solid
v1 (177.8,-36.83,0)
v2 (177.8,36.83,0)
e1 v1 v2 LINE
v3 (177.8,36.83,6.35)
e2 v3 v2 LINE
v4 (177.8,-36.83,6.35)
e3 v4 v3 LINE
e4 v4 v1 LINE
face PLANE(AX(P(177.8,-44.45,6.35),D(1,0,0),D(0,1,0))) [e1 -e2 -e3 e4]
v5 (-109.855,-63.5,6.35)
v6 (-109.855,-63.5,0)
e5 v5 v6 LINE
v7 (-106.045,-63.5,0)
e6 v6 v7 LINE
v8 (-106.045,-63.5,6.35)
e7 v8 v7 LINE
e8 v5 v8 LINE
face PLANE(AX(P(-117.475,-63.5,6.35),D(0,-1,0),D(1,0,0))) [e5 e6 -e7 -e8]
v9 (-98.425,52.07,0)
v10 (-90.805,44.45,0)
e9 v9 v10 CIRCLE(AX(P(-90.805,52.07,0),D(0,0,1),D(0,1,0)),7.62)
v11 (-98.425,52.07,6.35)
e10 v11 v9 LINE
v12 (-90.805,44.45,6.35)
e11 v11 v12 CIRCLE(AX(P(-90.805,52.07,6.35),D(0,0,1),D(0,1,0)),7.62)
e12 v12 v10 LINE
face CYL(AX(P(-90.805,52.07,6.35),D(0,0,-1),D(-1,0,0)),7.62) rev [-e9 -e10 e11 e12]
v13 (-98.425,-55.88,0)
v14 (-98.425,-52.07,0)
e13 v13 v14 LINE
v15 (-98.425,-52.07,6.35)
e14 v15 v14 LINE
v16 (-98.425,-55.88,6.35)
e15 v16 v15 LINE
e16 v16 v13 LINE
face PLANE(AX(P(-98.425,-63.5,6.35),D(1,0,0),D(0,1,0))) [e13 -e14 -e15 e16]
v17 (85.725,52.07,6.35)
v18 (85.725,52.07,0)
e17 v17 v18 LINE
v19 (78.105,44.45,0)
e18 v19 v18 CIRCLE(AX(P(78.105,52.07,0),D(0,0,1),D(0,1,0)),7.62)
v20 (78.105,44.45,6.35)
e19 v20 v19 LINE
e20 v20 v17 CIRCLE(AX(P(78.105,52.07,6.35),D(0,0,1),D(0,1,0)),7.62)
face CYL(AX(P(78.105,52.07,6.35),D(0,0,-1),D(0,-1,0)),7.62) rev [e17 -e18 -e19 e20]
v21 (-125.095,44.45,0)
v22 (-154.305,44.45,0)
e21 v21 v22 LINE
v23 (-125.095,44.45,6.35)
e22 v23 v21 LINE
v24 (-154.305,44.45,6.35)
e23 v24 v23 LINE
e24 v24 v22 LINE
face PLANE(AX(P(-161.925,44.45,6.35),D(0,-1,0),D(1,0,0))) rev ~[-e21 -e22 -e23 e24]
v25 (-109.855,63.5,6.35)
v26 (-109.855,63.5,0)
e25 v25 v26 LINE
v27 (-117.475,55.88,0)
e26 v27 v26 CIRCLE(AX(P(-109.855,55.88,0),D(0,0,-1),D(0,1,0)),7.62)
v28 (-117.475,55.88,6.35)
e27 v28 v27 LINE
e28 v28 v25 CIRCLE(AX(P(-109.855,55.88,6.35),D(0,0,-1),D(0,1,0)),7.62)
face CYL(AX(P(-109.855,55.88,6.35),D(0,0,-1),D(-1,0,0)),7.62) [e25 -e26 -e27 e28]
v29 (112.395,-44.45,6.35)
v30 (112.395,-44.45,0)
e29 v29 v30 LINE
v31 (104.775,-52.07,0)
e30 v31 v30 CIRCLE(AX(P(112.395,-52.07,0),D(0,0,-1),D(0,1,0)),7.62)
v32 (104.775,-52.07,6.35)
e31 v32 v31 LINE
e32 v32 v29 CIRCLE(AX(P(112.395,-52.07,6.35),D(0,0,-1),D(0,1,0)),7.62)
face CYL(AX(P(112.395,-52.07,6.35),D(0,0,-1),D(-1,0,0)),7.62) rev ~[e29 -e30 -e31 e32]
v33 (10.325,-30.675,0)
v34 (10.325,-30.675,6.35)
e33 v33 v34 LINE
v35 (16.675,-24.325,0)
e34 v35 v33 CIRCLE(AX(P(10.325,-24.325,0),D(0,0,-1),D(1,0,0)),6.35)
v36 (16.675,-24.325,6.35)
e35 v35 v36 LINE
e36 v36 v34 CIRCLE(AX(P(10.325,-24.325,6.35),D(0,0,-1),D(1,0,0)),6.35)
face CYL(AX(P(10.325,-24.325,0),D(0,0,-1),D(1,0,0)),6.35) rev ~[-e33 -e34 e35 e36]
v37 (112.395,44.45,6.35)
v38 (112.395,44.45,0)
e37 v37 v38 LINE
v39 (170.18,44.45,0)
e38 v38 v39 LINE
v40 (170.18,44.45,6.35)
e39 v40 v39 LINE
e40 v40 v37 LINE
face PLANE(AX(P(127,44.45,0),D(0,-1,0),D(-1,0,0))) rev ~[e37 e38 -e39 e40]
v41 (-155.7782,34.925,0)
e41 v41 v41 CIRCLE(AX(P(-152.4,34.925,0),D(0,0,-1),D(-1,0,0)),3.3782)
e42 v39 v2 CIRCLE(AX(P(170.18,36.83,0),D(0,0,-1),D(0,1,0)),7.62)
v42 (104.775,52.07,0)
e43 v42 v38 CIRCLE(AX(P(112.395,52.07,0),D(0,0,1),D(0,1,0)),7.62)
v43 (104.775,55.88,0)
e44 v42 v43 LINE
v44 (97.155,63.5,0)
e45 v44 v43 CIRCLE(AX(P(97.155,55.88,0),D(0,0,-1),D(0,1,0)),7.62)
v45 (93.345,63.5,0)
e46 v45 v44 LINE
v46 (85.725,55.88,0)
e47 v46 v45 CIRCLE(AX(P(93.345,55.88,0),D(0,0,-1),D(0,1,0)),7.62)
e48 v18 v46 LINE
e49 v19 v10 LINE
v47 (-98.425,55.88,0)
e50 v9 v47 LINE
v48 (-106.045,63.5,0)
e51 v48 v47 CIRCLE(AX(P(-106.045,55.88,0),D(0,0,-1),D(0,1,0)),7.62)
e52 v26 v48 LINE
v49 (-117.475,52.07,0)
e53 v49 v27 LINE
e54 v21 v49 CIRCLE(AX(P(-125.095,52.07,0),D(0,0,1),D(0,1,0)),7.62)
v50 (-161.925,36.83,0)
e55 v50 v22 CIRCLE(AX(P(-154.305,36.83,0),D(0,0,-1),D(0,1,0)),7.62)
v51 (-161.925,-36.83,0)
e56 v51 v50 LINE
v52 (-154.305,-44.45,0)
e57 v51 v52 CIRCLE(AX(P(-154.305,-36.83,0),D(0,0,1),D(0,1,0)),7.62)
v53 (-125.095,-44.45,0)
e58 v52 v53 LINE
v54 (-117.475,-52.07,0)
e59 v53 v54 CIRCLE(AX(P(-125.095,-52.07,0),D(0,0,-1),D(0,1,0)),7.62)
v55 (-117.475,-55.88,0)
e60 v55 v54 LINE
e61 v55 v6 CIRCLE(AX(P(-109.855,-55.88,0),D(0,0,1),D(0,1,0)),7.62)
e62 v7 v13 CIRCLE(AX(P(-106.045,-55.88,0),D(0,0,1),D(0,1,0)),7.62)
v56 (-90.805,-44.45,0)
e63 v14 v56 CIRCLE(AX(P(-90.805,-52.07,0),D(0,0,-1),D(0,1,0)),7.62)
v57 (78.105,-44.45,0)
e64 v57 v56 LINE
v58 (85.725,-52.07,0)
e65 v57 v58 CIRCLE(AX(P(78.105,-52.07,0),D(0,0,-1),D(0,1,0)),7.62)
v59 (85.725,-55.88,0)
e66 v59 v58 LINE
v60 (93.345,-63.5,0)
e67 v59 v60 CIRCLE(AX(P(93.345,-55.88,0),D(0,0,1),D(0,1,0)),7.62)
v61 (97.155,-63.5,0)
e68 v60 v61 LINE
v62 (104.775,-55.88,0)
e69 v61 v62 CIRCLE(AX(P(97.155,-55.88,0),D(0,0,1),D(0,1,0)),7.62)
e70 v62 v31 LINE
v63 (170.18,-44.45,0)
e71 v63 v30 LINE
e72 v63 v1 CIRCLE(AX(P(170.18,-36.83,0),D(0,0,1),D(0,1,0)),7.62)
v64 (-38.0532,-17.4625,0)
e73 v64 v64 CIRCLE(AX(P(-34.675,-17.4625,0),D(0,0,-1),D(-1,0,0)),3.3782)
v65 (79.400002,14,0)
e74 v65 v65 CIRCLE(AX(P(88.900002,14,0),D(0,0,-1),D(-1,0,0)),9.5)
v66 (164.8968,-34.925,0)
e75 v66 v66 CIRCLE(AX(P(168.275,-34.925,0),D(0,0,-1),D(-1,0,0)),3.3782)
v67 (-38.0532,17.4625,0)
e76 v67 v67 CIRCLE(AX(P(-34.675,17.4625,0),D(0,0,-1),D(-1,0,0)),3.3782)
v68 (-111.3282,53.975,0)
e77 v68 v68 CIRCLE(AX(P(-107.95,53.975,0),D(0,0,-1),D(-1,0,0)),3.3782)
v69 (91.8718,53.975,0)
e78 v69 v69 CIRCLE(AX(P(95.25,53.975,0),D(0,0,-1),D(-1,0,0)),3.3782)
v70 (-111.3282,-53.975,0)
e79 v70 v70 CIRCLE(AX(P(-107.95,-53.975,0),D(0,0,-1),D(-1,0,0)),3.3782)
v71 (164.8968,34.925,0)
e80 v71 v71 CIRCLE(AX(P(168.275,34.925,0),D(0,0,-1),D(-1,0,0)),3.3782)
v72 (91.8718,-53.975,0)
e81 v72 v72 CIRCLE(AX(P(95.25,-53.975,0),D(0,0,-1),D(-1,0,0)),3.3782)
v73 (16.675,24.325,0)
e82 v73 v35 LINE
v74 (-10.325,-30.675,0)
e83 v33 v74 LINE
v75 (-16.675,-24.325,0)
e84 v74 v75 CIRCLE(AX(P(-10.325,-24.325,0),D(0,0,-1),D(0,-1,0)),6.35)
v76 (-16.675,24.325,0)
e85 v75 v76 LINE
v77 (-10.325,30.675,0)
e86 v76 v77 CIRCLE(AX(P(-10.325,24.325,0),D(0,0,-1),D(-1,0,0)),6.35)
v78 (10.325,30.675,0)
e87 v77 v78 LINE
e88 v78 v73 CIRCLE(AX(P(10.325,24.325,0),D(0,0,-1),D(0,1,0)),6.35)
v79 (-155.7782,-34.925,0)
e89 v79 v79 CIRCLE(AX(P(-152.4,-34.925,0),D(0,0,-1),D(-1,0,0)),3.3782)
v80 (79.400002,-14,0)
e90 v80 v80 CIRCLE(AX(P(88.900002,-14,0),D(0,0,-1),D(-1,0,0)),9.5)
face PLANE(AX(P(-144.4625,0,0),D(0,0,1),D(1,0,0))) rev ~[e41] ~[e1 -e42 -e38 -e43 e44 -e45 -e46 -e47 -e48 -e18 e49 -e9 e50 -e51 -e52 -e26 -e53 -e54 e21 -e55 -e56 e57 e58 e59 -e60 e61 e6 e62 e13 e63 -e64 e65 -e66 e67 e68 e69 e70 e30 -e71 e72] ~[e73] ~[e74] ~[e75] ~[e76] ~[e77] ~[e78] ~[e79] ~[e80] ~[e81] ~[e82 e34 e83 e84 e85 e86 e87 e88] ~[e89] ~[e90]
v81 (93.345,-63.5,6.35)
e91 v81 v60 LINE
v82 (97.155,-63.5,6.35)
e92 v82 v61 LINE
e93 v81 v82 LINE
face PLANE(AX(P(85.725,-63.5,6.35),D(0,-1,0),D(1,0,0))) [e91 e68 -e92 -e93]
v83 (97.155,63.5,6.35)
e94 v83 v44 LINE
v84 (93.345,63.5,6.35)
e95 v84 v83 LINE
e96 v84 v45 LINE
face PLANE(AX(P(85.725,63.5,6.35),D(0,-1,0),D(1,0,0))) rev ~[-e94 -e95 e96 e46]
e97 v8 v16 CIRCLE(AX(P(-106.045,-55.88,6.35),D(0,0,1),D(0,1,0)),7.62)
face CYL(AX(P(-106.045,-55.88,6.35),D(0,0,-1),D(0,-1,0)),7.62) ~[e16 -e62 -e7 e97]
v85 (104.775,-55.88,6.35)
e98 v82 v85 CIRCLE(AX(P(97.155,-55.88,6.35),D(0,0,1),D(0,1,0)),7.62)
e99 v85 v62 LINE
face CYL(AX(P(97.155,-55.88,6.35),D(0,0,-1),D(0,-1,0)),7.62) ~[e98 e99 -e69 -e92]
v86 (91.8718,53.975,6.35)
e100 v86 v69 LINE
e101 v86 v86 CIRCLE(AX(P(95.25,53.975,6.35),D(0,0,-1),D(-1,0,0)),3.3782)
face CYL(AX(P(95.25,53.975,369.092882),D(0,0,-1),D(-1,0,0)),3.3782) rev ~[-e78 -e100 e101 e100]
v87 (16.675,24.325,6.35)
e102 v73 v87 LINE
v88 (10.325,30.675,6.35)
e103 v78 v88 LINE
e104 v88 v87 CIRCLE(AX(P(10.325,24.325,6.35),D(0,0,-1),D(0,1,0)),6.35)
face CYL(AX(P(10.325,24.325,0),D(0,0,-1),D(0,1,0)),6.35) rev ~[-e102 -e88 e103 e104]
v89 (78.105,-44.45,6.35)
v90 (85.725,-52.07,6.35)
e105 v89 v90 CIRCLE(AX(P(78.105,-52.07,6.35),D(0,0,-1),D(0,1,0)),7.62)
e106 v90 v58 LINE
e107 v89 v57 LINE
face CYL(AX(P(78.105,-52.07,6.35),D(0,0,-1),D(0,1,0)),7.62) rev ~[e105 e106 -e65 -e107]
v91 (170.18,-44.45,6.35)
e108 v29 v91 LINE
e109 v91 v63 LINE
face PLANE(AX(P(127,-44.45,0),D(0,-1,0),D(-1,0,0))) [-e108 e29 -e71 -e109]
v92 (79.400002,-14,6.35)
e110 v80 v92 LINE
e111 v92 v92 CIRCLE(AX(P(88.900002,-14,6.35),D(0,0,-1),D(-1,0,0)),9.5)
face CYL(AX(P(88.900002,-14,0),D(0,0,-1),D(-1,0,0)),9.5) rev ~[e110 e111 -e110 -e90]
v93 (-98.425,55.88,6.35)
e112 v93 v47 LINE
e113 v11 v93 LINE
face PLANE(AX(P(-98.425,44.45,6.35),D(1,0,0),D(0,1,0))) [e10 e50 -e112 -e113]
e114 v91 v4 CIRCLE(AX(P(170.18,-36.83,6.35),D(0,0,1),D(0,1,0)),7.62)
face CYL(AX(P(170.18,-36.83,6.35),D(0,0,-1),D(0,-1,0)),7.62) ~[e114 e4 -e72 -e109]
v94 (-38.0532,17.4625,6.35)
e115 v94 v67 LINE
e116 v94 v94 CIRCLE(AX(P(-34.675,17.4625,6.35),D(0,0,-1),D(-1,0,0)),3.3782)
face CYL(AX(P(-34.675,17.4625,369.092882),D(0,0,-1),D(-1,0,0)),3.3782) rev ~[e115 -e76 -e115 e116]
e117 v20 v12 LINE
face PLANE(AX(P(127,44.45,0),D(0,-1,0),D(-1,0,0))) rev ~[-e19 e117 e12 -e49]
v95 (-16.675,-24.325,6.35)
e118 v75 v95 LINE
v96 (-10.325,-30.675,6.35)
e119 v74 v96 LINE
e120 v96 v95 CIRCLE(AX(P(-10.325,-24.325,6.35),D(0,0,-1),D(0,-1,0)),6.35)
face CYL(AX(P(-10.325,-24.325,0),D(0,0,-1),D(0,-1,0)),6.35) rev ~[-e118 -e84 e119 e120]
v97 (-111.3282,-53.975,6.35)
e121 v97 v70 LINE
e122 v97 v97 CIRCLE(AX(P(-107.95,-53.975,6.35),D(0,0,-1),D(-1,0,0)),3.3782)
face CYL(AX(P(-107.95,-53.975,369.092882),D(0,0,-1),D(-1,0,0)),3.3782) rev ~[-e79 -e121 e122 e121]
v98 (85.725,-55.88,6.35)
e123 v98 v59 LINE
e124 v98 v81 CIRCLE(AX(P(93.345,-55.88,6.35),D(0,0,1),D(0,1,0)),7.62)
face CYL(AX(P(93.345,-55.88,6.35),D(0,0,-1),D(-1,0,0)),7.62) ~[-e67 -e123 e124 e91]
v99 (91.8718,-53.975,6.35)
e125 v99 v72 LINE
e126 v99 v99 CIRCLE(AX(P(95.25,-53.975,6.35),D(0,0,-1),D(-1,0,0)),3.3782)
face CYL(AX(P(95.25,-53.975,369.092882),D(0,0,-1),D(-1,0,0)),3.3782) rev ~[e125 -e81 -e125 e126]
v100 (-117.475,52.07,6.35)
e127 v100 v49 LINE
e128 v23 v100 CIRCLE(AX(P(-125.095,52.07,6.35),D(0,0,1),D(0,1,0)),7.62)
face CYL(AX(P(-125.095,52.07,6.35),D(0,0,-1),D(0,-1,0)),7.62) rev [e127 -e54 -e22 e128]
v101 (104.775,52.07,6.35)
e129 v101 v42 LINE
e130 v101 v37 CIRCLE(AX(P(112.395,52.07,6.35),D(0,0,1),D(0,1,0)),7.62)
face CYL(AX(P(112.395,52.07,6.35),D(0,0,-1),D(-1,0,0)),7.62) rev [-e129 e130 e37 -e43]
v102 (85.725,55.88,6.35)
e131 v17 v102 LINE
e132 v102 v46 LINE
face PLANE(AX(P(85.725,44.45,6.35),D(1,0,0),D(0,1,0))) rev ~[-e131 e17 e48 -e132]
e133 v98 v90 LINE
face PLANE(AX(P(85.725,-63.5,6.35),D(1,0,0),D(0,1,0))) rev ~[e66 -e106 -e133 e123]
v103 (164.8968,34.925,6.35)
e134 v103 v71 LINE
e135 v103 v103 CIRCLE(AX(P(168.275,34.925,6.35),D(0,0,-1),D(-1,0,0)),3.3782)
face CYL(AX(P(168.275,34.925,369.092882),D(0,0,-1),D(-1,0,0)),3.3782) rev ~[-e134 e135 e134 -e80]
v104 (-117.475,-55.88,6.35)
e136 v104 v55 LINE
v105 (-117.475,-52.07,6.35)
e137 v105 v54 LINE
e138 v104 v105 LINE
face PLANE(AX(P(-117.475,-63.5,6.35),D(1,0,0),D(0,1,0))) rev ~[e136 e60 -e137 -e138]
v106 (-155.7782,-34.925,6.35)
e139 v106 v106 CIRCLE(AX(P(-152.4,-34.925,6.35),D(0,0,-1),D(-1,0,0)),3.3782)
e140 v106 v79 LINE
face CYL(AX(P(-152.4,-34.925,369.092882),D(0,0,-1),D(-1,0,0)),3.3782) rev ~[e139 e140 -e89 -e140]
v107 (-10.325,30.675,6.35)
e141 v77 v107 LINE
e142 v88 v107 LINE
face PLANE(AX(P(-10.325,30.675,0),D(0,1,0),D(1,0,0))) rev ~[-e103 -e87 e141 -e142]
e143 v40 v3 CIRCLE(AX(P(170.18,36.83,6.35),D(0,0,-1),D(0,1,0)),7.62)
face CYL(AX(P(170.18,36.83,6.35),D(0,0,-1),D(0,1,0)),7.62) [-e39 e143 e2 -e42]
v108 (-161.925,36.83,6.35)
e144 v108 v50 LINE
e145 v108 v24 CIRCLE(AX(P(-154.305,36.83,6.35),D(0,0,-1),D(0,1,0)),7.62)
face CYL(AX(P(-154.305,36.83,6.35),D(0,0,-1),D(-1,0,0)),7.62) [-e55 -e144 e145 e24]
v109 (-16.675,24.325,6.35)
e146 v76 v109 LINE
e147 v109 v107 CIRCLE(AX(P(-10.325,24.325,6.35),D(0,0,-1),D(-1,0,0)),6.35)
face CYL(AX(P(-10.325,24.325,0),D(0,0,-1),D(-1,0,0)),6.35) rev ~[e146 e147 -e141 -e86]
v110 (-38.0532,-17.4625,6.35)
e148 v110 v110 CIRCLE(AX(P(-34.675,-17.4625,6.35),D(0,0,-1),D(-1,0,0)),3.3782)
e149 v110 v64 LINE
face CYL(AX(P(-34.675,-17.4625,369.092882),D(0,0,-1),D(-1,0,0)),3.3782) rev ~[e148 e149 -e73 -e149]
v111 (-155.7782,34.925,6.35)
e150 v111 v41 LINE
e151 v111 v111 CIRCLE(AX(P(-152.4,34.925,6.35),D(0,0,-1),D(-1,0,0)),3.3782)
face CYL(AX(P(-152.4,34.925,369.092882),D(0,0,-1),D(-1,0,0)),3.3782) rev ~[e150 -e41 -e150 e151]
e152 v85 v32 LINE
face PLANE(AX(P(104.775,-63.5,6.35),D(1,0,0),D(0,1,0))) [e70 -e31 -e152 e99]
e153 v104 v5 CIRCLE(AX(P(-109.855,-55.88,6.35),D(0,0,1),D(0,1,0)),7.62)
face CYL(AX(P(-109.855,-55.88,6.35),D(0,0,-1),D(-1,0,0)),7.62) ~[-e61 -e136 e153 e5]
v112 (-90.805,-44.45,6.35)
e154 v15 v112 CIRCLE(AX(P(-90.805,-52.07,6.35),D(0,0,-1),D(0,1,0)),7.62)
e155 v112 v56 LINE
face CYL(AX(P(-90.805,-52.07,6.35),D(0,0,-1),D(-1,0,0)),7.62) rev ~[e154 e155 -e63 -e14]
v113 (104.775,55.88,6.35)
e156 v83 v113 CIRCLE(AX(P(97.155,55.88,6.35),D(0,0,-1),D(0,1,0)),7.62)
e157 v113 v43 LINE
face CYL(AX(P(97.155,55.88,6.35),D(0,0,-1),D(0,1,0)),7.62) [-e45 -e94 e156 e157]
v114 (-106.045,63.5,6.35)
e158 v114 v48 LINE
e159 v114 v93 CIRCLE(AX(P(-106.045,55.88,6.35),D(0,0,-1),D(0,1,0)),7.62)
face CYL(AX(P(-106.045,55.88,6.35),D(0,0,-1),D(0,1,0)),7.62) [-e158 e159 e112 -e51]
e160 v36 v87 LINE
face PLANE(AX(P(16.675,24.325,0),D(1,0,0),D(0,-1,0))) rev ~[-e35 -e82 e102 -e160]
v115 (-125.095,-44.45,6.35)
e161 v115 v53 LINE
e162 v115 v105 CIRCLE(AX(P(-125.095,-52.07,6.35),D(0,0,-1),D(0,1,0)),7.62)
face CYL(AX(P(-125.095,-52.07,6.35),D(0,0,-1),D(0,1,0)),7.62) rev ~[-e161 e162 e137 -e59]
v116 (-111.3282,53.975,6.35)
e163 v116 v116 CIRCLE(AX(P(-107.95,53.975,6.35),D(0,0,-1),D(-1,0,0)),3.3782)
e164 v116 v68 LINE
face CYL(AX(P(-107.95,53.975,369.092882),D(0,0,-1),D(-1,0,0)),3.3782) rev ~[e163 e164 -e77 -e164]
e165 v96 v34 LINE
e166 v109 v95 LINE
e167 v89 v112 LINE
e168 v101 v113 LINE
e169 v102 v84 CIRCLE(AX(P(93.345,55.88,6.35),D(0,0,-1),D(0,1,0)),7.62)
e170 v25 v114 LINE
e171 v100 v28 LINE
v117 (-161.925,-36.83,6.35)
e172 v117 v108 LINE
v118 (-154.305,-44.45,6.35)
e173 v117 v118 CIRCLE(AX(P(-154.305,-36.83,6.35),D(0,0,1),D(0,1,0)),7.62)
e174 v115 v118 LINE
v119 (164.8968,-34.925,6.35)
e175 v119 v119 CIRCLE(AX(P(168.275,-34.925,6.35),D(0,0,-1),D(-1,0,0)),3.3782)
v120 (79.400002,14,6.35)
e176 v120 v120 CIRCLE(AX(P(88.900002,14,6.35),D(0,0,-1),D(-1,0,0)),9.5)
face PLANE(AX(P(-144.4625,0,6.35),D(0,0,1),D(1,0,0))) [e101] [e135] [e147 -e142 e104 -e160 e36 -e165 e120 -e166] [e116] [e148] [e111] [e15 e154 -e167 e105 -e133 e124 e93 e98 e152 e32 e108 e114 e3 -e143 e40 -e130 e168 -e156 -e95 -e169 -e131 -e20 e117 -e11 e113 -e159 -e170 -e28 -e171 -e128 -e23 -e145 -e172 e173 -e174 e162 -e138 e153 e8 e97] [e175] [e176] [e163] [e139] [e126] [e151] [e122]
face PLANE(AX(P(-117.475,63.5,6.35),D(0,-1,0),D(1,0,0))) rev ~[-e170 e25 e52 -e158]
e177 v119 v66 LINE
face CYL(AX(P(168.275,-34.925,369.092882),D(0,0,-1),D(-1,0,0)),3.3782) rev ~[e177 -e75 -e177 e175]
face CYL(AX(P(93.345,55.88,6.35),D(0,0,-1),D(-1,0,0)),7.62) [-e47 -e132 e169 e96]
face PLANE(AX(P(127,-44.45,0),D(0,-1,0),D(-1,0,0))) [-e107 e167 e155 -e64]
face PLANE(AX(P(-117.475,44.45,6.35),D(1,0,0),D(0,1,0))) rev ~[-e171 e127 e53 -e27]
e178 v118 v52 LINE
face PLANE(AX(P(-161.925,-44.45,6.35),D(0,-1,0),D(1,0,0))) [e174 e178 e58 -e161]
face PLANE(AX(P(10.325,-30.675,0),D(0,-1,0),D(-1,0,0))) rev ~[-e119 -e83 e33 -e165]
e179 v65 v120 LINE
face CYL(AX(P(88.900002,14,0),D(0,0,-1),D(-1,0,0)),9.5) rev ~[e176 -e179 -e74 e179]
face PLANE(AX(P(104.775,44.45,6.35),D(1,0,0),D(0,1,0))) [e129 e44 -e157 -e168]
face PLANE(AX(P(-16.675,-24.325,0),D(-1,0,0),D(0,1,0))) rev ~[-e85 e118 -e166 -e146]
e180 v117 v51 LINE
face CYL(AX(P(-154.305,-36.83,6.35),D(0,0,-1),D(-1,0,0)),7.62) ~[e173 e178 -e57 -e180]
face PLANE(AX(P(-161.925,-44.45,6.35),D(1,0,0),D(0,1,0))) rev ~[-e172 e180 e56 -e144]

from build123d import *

# Parameters (mm, degrees)
SKETCH1_W               = 254
SKETCH1_H               = 88.9
SKETCH1_R               = 9.5
SKETCH1_W_2             = 27
SKETCH1_H_2             = 55
BOSS_EXTRUDE1_DEPTH     = 6.35
SKETCH4_W               = 19.05
SKETCH4_H               = 19.05
BOSS_EXTRUDE2_DEPTH     = 6.35
SKETCH7_W               = 34.925
SKETCH7_H               = 88.9
SKETCH7_W_2             = 50.8
BOSS_EXTRUDE3_DEPTH     = 6.35
F_1_4_CLEARANCE_HOLE1_D = 6.7564
FILLET1_R               = 3.175
FILLET2_R               = 7.62
CUT_EXTRUDE1_DEPTH      = 7.35


with BuildPart() as part:
    # Sketch1 → Boss-Extrude1 (new body)
    with BuildSketch(Plane(origin=(0, 0, 0), x_dir=(-1, 0, 0), z_dir=(0, 0, -1))):
        Rectangle(SKETCH1_W, SKETCH1_H)
        with Locations((-88.9000016, 14)):
            Circle(SKETCH1_R, mode=Mode.SUBTRACT)
        with Locations((-88.9000016, -14)):
            Circle(SKETCH1_R, mode=Mode.SUBTRACT)
        Rectangle(SKETCH1_W_2, SKETCH1_H_2, mode=Mode.SUBTRACT)
    extrude(amount=-BOSS_EXTRUDE1_DEPTH)

    # Sketch4 → Boss-Extrude2 (add)
    with BuildSketch(Plane.XY.offset(6.35)):
        with Locations((-107.95, 53.975)):
            Rectangle(SKETCH4_W, SKETCH4_H)
        with Locations((-107.95, -53.975)):
            Rectangle(SKETCH4_W, SKETCH4_H)
        with Locations((95.25, -53.975)):
            Rectangle(SKETCH4_W, SKETCH4_H)
        with Locations((95.25, 53.975)):
            Rectangle(SKETCH4_W, SKETCH4_H)
    extrude(amount=-BOSS_EXTRUDE2_DEPTH)

    # Sketch7 → Boss-Extrude3 (add)
    with BuildSketch(Plane.XY.offset(6.35)):
        with Locations((-144.4625, 0)):
            Rectangle(SKETCH7_W, SKETCH7_H)
        with Locations((152.4, 0)):
            Rectangle(SKETCH7_W_2, SKETCH7_H)
    extrude(amount=-BOSS_EXTRUDE3_DEPTH)

    # 1/4 Clearance Hole1 (through all)
    with Locations(Plane.XY.offset(6.35)):
        with Locations((-107.95, 53.975), (95.25, 53.975), (95.25, -53.975), (-107.95, -53.975), (168.275, -34.925), (168.275, 34.925), (-152.4, 34.925), (-152.4, -34.925), (-34.675, 17.4625), (-34.675, -17.4625)):
            Hole(F_1_4_CLEARANCE_HOLE1_D / 2)

    # Fillet1
    fillet1_edges = [part.edges().sort_by_distance(p)[0] for p in [
        (13.5, 27.5, 3.175),
        (-13.5, 27.5, 3.175),
        (-13.5, -27.5, 3.175),
        (13.5, -27.5, 3.175),
    ]]
    fillet(fillet1_edges, radius=FILLET1_R)

    # Fillet2
    fillet2_edges = [part.edges().sort_by_distance(p)[0] for p in [
        (-98.425, 44.45, 3.175),
        (-98.425, 63.5, 3.175),
        (-117.475, 63.5, 3.175),
        (-117.475, 44.45, 3.175),
        (-98.425, -63.5, 3.175),
        (-98.425, -44.45, 3.175),
        (-117.475, -44.45, 3.175),
        (-117.475, -63.5, 3.175),
        (85.725, -63.5, 3.175),
        (104.775, -63.5, 3.175),
        (104.775, -44.45, 3.175),
        (85.725, -44.45, 3.175),
        (85.725, 63.5, 3.175),
        (85.725, 44.45, 3.175),
        (104.775, 44.45, 3.175),
        (104.775, 63.5, 3.175),
        (-161.925, 44.45, 3.175),
        (-161.925, -44.45, 3.175),
        (177.8, -44.45, 3.175),
        (177.8, 44.45, 3.175),
    ]]
    fillet(fillet2_edges, radius=FILLET2_R)

    # Sketch8 → Cut-Extrude1 (cut, through all)
    with BuildSketch(Plane(origin=(0, 0, 0), x_dir=(-1, 0, 0), z_dir=(0, 0, -1))):
        with BuildLine():
            Line((10.325, 30.675), (-10.325, 30.675))
            ThreePointArc((-10.325, 30.675), (-14.815128061, 28.815128061), (-16.675, 24.325))
            Line((-16.675, 24.325), (-16.675, -24.325))
            ThreePointArc((-16.675, -24.325), (-14.815128061, -28.815128061), (-10.325, -30.675))
            Line((-10.325, -30.675), (10.325, -30.675))
            ThreePointArc((10.325, -30.675), (14.815128061, -28.815128061), (16.675, -24.325))
            Line((16.675, -24.325), (16.675, 24.325))
            ThreePointArc((16.675, 24.325), (14.815128061, 28.815128061), (10.325, 30.675))
        make_face()
        with BuildLine():
            Line((10.325, 27.5), (-10.325, 27.5))
            ThreePointArc((-10.325, 27.5), (-12.57006403, 26.57006403), (-13.5, 24.325))
            Line((-13.5, 24.325), (-13.5, -24.325))
            ThreePointArc((-13.5, -24.325), (-12.57006403, -26.57006403), (-10.325, -27.5))
            Line((-10.325, -27.5), (10.325, -27.5))
            ThreePointArc((10.325, -27.5), (12.57006403, -26.57006403), (13.5, -24.325))
            Line((13.5, -24.325), (13.5, 24.325))
            ThreePointArc((13.5, 24.325), (12.57006403, 26.57006403), (10.325, 27.5))
        make_face(mode=Mode.SUBTRACT)
    extrude(amount=-CUT_EXTRUDE1_DEPTH, mode=Mode.SUBTRACT)


solid = part.part
